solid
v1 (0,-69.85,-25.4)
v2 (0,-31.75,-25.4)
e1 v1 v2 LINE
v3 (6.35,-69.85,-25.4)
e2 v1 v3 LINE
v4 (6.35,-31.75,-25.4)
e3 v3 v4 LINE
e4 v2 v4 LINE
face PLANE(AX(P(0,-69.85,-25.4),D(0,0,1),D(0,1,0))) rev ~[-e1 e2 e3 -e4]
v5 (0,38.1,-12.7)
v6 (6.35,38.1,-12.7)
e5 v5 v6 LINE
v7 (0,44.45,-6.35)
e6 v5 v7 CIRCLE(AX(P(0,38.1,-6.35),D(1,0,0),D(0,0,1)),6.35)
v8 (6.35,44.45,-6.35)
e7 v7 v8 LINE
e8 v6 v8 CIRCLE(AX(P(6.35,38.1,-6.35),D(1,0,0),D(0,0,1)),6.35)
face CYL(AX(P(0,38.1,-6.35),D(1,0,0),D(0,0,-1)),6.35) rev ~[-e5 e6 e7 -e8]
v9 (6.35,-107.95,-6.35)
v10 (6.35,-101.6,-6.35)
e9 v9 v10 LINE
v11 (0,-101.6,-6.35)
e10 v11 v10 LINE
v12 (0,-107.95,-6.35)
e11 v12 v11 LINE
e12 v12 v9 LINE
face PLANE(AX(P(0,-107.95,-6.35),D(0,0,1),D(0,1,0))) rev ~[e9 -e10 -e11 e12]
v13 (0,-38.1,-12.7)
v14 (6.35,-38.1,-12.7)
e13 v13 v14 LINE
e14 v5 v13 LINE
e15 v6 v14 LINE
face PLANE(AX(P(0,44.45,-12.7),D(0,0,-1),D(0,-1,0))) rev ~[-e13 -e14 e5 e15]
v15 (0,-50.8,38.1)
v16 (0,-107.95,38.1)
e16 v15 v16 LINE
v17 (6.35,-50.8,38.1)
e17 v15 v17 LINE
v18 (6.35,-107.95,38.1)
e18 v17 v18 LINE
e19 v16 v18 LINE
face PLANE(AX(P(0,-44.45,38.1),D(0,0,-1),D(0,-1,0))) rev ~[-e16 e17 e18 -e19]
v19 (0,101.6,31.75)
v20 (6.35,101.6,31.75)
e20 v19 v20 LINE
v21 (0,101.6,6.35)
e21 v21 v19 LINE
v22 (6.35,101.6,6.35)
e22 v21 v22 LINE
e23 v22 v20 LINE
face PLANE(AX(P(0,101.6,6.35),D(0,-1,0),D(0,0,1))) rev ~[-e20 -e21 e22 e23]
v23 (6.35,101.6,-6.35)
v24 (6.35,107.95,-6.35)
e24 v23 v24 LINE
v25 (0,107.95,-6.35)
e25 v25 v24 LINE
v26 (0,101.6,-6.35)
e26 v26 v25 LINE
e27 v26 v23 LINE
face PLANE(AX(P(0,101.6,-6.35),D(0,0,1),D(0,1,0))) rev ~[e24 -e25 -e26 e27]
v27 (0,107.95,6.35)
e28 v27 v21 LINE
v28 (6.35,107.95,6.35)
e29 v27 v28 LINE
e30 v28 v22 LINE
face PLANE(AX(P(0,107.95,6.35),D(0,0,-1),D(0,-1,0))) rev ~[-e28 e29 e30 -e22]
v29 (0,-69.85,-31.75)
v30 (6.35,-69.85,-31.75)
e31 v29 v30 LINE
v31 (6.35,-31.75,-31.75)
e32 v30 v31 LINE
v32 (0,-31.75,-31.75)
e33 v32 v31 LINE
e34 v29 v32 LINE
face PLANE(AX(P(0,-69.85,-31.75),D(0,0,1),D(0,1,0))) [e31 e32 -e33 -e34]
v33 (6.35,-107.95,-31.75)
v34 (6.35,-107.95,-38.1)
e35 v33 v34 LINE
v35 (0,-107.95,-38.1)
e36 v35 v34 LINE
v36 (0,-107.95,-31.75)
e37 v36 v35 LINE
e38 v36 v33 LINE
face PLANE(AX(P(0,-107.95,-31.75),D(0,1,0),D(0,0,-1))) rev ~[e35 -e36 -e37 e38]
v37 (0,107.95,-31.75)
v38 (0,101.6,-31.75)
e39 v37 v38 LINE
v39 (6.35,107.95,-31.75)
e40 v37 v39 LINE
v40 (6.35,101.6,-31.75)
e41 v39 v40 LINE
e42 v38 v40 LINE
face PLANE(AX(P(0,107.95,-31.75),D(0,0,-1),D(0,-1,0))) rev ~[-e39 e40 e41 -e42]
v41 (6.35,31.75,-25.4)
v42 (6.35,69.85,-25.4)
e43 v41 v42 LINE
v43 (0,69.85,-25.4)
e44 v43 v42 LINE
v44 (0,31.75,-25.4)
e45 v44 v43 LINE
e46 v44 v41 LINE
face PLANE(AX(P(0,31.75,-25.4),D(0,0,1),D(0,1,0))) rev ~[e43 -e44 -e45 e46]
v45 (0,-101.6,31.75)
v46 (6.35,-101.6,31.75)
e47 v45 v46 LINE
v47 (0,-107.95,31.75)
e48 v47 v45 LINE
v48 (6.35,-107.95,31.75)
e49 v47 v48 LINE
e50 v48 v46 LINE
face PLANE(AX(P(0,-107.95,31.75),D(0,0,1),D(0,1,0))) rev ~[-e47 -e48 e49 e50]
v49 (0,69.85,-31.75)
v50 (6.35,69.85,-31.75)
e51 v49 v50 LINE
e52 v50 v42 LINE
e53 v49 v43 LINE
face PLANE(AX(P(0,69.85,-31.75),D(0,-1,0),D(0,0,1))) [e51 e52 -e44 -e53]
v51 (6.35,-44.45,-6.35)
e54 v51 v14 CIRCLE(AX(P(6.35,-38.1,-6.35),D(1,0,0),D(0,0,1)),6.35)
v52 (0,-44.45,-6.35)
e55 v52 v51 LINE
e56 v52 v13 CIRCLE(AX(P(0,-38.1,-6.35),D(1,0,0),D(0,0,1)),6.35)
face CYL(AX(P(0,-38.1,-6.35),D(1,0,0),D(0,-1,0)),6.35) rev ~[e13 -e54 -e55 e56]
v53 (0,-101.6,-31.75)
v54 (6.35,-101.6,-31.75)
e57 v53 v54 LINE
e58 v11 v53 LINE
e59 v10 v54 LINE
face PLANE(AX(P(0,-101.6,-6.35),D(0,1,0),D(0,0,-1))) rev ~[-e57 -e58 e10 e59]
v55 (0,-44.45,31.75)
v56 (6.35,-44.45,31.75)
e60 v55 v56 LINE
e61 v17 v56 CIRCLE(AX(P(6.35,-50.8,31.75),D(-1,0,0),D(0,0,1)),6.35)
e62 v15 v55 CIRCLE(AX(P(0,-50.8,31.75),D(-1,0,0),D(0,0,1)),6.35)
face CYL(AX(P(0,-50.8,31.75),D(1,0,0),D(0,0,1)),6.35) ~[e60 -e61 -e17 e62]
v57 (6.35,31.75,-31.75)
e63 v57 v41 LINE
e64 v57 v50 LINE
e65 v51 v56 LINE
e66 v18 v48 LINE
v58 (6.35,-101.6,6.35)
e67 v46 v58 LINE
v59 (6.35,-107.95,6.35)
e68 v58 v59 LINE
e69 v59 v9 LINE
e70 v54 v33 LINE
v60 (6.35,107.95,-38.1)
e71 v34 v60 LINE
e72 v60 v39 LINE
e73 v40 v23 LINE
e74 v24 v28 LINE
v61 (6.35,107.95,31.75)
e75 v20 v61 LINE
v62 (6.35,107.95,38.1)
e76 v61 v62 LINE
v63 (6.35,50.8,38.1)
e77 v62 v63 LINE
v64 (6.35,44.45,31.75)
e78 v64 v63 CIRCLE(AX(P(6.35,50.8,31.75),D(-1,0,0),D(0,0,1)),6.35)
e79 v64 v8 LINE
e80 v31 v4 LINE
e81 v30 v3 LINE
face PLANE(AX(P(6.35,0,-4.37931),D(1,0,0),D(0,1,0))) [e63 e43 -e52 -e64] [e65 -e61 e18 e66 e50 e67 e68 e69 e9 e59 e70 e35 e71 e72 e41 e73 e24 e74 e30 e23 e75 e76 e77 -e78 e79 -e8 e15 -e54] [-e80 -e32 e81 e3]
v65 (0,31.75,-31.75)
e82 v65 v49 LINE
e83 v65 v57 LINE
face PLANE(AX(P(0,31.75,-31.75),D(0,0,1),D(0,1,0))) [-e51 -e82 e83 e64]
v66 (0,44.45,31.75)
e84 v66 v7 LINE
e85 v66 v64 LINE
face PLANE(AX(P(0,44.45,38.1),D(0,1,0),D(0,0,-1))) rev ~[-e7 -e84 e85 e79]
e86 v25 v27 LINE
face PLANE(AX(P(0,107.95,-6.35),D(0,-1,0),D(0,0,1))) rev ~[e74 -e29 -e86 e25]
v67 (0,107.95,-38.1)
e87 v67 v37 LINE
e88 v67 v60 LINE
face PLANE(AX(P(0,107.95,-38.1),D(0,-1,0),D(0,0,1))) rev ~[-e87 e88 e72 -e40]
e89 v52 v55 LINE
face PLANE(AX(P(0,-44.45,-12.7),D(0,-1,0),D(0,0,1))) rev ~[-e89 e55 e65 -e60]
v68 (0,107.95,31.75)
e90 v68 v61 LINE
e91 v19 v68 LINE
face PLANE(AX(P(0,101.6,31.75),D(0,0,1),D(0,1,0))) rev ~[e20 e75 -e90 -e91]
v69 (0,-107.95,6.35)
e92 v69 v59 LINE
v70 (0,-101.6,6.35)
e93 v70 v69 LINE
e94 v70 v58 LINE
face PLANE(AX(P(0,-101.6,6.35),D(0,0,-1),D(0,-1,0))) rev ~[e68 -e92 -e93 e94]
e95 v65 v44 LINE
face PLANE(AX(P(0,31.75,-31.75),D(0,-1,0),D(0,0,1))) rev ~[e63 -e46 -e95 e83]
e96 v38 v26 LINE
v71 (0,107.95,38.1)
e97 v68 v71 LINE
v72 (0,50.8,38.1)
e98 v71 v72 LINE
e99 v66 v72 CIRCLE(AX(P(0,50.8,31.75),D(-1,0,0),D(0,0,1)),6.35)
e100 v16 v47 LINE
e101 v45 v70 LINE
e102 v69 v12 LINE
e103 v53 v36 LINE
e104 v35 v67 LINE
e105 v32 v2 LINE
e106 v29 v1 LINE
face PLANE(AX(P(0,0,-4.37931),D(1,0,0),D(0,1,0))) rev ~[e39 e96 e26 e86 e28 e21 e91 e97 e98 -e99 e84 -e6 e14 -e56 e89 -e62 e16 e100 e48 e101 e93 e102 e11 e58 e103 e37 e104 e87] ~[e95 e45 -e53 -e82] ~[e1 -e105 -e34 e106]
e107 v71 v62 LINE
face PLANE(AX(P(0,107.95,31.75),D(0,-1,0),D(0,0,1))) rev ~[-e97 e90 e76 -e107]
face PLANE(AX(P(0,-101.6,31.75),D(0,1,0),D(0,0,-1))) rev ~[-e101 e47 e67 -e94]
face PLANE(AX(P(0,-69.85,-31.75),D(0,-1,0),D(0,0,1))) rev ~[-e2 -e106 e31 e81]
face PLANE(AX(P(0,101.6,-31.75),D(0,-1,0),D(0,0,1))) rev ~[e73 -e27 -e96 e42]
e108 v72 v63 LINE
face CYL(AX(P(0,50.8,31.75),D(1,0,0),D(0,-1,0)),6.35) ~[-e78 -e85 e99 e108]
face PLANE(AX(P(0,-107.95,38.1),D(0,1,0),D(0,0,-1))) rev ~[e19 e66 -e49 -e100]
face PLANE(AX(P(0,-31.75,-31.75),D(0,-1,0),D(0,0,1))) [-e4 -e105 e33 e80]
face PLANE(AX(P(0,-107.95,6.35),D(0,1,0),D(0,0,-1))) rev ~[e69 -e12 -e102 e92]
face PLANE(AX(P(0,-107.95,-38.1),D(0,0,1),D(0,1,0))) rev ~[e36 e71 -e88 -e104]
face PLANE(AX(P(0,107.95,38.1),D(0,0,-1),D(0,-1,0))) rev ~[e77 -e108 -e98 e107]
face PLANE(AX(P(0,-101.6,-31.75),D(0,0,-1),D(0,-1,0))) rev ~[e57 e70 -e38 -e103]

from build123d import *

# Parameters (mm, degrees)
F0_W     = 38.1
F0_H     = 6.35
F1_DEPTH = 6.35
F2_R     = 6.35


with BuildPart() as f1:
    # F0 (on Right) → F1 (new body)
    with BuildSketch(Plane.YZ):
        Polygon((-44.45, 38.1), (-107.95, 38.1), (-107.95, 31.75), (-101.6, 31.75), (-101.6, 6.35), (-107.95, 6.35), (-107.95, -6.35), (-101.6, -6.35), (-101.6, -31.75), (-107.95, -31.75), (-107.95, -38.1), (107.95, -38.1), (107.95, -31.75), (101.6, -31.75), (101.6, -6.35), (107.95, -6.35), (107.95, 6.35), (101.6, 6.35), (101.6, 31.75), (107.95, 31.75), (107.95, 38.1), (44.45, 38.1), (44.45, -12.7), (-44.45, -12.7), align=None)
        with Locations((-50.8, -28.575)):
            Rectangle(F0_W, F0_H, mode=Mode.SUBTRACT)
        with Locations((50.8, -28.575)):
            Rectangle(F0_W, F0_H, mode=Mode.SUBTRACT)
    extrude(amount=F1_DEPTH)

    # F2
    f2_edges = [f1.edges().sort_by_distance(p)[0] for p in [
        (3.175, -44.45, 38.1),
        (3.175, -44.45, -12.7),
        (3.175, 44.45, 38.1),
        (3.175, 44.45, -12.7),
    ]]
    fillet(f2_edges, radius=F2_R)


solid = f1.part
